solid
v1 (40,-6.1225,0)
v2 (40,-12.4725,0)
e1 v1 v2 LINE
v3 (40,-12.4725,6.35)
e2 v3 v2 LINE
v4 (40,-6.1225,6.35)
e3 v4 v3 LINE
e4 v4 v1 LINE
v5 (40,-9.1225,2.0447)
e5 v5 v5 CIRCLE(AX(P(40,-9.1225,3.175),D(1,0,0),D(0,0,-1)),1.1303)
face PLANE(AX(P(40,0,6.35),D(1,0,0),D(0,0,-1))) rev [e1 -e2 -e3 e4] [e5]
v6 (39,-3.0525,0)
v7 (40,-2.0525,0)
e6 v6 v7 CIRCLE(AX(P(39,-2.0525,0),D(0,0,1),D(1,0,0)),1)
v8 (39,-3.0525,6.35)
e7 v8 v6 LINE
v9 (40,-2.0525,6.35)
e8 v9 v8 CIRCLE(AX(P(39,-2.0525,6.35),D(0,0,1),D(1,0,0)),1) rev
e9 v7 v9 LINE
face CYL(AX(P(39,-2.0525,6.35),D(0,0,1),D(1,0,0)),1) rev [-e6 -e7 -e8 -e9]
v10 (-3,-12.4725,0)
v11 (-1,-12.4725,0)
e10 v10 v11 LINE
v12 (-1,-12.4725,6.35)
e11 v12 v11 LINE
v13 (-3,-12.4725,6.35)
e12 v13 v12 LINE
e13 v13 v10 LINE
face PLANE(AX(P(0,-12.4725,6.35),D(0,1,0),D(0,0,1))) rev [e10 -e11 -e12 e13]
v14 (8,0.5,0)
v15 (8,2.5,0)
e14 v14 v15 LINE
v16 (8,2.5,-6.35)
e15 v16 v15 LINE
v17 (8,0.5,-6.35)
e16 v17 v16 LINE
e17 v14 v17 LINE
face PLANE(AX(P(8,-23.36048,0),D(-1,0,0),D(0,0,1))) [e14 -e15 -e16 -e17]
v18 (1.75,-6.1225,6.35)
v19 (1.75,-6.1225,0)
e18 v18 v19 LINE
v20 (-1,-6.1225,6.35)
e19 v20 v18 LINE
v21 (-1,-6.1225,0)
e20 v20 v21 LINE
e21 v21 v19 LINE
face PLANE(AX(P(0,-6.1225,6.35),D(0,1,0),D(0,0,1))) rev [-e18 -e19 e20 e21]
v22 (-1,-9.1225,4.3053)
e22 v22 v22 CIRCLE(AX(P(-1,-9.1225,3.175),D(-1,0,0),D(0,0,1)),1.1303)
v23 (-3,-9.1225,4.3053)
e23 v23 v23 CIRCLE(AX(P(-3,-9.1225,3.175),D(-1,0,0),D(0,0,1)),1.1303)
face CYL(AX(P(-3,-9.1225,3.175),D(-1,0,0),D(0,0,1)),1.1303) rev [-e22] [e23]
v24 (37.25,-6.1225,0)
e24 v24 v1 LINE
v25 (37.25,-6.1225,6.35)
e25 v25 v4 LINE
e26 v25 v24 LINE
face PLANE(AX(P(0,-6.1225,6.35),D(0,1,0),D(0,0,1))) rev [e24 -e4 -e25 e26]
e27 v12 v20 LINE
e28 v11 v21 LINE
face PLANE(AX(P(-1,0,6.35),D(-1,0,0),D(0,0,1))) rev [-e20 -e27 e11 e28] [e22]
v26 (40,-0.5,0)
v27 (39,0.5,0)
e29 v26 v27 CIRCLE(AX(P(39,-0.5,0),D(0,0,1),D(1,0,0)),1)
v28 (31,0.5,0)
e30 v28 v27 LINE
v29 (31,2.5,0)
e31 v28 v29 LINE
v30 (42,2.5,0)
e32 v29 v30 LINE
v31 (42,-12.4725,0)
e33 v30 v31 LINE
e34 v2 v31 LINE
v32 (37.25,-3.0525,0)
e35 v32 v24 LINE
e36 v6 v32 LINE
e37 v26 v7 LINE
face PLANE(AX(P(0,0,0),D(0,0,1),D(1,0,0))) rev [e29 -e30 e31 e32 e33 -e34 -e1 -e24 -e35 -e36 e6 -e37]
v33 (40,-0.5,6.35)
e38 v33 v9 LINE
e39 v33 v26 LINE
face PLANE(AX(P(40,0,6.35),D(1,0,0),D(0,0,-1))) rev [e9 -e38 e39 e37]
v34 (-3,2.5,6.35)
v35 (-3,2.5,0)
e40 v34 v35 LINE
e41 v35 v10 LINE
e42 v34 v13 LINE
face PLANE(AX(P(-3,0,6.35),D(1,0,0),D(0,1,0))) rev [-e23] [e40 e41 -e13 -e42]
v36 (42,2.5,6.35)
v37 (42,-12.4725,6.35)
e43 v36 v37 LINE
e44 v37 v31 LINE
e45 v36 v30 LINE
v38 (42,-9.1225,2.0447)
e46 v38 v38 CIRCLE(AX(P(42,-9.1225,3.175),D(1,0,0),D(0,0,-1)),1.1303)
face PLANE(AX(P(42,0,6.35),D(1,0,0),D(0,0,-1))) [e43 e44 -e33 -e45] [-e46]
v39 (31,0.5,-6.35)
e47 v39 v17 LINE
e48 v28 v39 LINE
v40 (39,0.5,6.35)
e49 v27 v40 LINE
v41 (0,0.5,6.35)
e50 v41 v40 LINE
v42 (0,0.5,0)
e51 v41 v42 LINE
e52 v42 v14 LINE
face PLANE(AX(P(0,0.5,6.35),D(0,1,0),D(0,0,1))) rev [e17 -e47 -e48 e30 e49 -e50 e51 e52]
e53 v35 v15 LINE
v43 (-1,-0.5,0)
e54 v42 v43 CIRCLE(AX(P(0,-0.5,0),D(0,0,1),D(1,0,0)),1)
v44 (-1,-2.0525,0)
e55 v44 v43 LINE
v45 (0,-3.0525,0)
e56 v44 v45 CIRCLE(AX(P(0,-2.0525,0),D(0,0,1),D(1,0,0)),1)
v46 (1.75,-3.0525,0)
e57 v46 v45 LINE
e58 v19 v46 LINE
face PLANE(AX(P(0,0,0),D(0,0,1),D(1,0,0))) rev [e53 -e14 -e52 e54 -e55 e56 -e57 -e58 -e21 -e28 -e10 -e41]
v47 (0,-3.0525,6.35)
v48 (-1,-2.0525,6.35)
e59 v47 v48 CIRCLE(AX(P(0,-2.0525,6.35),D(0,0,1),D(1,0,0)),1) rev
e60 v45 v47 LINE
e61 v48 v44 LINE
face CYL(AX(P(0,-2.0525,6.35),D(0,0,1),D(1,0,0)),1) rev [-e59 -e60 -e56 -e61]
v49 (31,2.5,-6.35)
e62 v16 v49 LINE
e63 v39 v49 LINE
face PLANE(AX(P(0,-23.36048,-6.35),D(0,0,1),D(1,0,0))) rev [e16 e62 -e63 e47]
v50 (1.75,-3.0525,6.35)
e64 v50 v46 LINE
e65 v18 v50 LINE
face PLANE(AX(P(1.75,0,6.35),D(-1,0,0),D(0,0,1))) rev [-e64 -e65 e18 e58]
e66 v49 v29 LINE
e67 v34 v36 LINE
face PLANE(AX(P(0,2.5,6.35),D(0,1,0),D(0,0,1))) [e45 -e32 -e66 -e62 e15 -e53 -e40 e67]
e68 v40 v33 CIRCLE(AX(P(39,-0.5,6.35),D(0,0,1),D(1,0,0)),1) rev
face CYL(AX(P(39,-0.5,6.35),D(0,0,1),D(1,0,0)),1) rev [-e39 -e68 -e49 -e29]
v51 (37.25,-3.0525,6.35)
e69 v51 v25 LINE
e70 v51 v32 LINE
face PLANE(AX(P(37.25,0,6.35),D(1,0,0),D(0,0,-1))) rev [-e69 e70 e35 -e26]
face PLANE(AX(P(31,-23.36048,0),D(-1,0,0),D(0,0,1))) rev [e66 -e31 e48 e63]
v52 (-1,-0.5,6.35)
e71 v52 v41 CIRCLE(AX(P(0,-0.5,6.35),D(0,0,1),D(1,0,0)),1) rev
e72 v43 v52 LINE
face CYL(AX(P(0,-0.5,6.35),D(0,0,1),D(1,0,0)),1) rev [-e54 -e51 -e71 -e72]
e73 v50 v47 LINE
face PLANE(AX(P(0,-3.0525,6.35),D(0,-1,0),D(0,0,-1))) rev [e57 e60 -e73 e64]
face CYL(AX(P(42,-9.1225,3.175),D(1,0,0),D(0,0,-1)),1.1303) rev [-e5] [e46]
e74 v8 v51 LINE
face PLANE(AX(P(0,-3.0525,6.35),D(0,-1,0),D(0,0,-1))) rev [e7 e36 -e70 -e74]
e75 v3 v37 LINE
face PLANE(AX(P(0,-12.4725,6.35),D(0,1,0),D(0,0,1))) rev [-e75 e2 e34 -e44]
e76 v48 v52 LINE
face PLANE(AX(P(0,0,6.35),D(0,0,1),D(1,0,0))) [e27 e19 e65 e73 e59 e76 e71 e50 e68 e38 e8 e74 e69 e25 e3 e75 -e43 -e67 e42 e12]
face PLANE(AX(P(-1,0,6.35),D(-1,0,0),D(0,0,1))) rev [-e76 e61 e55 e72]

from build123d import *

# Parameters (mm, degrees)
SKETCH2_W                           = 2.75
SKETCH2_H                           = 3.07
BOSS_EXTRUDE2_DEPTH                 = 6.35
SKETCH3_W                           = 23
SKETCH3_H                           = 6.35
BOSS_EXTRUDE3_DEPTH                 = 2
F_4_40_TAPPED_HOLE1_D               = 2.2606
F_4_40_TAPPED_HOLE1_DEPTH           = 3.91
F_4_40_TAPPED_HOLE1_TIP             = 0.679152758
F_4_40_TAPPED_HOLE1_ON_FACE_2_D     = 2.2606
F_4_40_TAPPED_HOLE1_ON_FACE_2_DEPTH = 3.91
F_4_40_TAPPED_HOLE1_ON_FACE_2_TIP   = 0.679152758
FILLET1_R                           = 1


with BuildPart() as part:
    # Sketch2 → Boss-Extrude2 (new body)
    with BuildSketch(Plane.XY):
        Polygon((-3, -12.4725), (-1, -12.4725), (-1, -6.1225), (-1, -3.0525), (-1, 0.5), (40, 0.5), (40, -3.0525), (40, -6.1225), (40, -12.4725), (42, -12.4725), (42, 2.5), (-3, 2.5), align=None)
        with Locations((0.375, -4.5875)):
            Rectangle(SKETCH2_W, SKETCH2_H)
        with Locations((38.625, -4.5875)):
            Rectangle(SKETCH2_W, SKETCH2_H)
    extrude(amount=BOSS_EXTRUDE2_DEPTH)

    # Sketch3 → Boss-Extrude3 (add)
    with BuildSketch(Plane(origin=(0, 2.5, 0), x_dir=(1, 0, 0), z_dir=(0, 1, 0))):
        with Locations((19.5, 3.175)):
            Rectangle(SKETCH3_W, SKETCH3_H)
    extrude(amount=-BOSS_EXTRUDE3_DEPTH)

    # #4-40 Tapped Hole1
    with Locations(Plane(origin=(-3, -9.1225, 3.175), x_dir=(0, -1, 0), z_dir=(-1, 0, 0))):
        with Locations((0, 0)):
            Hole(F_4_40_TAPPED_HOLE1_D / 2, depth=F_4_40_TAPPED_HOLE1_DEPTH)
            with Locations((0, 0, -(F_4_40_TAPPED_HOLE1_DEPTH + F_4_40_TAPPED_HOLE1_TIP / 2))):  # 118° drill point
                Cone(0, F_4_40_TAPPED_HOLE1_D / 2, F_4_40_TAPPED_HOLE1_TIP, mode=Mode.SUBTRACT)

    # #4-40 Tapped Hole1 on face 2
    with Locations(Plane(origin=(42, -9.1225, 3.175), x_dir=(0, 0, 1), z_dir=(1, 0, 0))):
        with Locations((0, 0)):
            Hole(F_4_40_TAPPED_HOLE1_ON_FACE_2_D / 2, depth=F_4_40_TAPPED_HOLE1_ON_FACE_2_DEPTH)
            with Locations((0, 0, -(F_4_40_TAPPED_HOLE1_ON_FACE_2_DEPTH + F_4_40_TAPPED_HOLE1_ON_FACE_2_TIP / 2))):  # 118° drill point
                Cone(0, F_4_40_TAPPED_HOLE1_ON_FACE_2_D / 2, F_4_40_TAPPED_HOLE1_ON_FACE_2_TIP, mode=Mode.SUBTRACT)

    # Fillet1
    fillet1_edges = [part.edges().sort_by_distance(p)[0] for p in [
        (40, 0.5, 3.175),
        (-1, 0.5, 3.175),
        (-1, -3.0525, 3.175),
        (40, -3.0525, 3.175),
    ]]
    fillet(fillet1_edges, radius=FILLET1_R)


solid = part.part
